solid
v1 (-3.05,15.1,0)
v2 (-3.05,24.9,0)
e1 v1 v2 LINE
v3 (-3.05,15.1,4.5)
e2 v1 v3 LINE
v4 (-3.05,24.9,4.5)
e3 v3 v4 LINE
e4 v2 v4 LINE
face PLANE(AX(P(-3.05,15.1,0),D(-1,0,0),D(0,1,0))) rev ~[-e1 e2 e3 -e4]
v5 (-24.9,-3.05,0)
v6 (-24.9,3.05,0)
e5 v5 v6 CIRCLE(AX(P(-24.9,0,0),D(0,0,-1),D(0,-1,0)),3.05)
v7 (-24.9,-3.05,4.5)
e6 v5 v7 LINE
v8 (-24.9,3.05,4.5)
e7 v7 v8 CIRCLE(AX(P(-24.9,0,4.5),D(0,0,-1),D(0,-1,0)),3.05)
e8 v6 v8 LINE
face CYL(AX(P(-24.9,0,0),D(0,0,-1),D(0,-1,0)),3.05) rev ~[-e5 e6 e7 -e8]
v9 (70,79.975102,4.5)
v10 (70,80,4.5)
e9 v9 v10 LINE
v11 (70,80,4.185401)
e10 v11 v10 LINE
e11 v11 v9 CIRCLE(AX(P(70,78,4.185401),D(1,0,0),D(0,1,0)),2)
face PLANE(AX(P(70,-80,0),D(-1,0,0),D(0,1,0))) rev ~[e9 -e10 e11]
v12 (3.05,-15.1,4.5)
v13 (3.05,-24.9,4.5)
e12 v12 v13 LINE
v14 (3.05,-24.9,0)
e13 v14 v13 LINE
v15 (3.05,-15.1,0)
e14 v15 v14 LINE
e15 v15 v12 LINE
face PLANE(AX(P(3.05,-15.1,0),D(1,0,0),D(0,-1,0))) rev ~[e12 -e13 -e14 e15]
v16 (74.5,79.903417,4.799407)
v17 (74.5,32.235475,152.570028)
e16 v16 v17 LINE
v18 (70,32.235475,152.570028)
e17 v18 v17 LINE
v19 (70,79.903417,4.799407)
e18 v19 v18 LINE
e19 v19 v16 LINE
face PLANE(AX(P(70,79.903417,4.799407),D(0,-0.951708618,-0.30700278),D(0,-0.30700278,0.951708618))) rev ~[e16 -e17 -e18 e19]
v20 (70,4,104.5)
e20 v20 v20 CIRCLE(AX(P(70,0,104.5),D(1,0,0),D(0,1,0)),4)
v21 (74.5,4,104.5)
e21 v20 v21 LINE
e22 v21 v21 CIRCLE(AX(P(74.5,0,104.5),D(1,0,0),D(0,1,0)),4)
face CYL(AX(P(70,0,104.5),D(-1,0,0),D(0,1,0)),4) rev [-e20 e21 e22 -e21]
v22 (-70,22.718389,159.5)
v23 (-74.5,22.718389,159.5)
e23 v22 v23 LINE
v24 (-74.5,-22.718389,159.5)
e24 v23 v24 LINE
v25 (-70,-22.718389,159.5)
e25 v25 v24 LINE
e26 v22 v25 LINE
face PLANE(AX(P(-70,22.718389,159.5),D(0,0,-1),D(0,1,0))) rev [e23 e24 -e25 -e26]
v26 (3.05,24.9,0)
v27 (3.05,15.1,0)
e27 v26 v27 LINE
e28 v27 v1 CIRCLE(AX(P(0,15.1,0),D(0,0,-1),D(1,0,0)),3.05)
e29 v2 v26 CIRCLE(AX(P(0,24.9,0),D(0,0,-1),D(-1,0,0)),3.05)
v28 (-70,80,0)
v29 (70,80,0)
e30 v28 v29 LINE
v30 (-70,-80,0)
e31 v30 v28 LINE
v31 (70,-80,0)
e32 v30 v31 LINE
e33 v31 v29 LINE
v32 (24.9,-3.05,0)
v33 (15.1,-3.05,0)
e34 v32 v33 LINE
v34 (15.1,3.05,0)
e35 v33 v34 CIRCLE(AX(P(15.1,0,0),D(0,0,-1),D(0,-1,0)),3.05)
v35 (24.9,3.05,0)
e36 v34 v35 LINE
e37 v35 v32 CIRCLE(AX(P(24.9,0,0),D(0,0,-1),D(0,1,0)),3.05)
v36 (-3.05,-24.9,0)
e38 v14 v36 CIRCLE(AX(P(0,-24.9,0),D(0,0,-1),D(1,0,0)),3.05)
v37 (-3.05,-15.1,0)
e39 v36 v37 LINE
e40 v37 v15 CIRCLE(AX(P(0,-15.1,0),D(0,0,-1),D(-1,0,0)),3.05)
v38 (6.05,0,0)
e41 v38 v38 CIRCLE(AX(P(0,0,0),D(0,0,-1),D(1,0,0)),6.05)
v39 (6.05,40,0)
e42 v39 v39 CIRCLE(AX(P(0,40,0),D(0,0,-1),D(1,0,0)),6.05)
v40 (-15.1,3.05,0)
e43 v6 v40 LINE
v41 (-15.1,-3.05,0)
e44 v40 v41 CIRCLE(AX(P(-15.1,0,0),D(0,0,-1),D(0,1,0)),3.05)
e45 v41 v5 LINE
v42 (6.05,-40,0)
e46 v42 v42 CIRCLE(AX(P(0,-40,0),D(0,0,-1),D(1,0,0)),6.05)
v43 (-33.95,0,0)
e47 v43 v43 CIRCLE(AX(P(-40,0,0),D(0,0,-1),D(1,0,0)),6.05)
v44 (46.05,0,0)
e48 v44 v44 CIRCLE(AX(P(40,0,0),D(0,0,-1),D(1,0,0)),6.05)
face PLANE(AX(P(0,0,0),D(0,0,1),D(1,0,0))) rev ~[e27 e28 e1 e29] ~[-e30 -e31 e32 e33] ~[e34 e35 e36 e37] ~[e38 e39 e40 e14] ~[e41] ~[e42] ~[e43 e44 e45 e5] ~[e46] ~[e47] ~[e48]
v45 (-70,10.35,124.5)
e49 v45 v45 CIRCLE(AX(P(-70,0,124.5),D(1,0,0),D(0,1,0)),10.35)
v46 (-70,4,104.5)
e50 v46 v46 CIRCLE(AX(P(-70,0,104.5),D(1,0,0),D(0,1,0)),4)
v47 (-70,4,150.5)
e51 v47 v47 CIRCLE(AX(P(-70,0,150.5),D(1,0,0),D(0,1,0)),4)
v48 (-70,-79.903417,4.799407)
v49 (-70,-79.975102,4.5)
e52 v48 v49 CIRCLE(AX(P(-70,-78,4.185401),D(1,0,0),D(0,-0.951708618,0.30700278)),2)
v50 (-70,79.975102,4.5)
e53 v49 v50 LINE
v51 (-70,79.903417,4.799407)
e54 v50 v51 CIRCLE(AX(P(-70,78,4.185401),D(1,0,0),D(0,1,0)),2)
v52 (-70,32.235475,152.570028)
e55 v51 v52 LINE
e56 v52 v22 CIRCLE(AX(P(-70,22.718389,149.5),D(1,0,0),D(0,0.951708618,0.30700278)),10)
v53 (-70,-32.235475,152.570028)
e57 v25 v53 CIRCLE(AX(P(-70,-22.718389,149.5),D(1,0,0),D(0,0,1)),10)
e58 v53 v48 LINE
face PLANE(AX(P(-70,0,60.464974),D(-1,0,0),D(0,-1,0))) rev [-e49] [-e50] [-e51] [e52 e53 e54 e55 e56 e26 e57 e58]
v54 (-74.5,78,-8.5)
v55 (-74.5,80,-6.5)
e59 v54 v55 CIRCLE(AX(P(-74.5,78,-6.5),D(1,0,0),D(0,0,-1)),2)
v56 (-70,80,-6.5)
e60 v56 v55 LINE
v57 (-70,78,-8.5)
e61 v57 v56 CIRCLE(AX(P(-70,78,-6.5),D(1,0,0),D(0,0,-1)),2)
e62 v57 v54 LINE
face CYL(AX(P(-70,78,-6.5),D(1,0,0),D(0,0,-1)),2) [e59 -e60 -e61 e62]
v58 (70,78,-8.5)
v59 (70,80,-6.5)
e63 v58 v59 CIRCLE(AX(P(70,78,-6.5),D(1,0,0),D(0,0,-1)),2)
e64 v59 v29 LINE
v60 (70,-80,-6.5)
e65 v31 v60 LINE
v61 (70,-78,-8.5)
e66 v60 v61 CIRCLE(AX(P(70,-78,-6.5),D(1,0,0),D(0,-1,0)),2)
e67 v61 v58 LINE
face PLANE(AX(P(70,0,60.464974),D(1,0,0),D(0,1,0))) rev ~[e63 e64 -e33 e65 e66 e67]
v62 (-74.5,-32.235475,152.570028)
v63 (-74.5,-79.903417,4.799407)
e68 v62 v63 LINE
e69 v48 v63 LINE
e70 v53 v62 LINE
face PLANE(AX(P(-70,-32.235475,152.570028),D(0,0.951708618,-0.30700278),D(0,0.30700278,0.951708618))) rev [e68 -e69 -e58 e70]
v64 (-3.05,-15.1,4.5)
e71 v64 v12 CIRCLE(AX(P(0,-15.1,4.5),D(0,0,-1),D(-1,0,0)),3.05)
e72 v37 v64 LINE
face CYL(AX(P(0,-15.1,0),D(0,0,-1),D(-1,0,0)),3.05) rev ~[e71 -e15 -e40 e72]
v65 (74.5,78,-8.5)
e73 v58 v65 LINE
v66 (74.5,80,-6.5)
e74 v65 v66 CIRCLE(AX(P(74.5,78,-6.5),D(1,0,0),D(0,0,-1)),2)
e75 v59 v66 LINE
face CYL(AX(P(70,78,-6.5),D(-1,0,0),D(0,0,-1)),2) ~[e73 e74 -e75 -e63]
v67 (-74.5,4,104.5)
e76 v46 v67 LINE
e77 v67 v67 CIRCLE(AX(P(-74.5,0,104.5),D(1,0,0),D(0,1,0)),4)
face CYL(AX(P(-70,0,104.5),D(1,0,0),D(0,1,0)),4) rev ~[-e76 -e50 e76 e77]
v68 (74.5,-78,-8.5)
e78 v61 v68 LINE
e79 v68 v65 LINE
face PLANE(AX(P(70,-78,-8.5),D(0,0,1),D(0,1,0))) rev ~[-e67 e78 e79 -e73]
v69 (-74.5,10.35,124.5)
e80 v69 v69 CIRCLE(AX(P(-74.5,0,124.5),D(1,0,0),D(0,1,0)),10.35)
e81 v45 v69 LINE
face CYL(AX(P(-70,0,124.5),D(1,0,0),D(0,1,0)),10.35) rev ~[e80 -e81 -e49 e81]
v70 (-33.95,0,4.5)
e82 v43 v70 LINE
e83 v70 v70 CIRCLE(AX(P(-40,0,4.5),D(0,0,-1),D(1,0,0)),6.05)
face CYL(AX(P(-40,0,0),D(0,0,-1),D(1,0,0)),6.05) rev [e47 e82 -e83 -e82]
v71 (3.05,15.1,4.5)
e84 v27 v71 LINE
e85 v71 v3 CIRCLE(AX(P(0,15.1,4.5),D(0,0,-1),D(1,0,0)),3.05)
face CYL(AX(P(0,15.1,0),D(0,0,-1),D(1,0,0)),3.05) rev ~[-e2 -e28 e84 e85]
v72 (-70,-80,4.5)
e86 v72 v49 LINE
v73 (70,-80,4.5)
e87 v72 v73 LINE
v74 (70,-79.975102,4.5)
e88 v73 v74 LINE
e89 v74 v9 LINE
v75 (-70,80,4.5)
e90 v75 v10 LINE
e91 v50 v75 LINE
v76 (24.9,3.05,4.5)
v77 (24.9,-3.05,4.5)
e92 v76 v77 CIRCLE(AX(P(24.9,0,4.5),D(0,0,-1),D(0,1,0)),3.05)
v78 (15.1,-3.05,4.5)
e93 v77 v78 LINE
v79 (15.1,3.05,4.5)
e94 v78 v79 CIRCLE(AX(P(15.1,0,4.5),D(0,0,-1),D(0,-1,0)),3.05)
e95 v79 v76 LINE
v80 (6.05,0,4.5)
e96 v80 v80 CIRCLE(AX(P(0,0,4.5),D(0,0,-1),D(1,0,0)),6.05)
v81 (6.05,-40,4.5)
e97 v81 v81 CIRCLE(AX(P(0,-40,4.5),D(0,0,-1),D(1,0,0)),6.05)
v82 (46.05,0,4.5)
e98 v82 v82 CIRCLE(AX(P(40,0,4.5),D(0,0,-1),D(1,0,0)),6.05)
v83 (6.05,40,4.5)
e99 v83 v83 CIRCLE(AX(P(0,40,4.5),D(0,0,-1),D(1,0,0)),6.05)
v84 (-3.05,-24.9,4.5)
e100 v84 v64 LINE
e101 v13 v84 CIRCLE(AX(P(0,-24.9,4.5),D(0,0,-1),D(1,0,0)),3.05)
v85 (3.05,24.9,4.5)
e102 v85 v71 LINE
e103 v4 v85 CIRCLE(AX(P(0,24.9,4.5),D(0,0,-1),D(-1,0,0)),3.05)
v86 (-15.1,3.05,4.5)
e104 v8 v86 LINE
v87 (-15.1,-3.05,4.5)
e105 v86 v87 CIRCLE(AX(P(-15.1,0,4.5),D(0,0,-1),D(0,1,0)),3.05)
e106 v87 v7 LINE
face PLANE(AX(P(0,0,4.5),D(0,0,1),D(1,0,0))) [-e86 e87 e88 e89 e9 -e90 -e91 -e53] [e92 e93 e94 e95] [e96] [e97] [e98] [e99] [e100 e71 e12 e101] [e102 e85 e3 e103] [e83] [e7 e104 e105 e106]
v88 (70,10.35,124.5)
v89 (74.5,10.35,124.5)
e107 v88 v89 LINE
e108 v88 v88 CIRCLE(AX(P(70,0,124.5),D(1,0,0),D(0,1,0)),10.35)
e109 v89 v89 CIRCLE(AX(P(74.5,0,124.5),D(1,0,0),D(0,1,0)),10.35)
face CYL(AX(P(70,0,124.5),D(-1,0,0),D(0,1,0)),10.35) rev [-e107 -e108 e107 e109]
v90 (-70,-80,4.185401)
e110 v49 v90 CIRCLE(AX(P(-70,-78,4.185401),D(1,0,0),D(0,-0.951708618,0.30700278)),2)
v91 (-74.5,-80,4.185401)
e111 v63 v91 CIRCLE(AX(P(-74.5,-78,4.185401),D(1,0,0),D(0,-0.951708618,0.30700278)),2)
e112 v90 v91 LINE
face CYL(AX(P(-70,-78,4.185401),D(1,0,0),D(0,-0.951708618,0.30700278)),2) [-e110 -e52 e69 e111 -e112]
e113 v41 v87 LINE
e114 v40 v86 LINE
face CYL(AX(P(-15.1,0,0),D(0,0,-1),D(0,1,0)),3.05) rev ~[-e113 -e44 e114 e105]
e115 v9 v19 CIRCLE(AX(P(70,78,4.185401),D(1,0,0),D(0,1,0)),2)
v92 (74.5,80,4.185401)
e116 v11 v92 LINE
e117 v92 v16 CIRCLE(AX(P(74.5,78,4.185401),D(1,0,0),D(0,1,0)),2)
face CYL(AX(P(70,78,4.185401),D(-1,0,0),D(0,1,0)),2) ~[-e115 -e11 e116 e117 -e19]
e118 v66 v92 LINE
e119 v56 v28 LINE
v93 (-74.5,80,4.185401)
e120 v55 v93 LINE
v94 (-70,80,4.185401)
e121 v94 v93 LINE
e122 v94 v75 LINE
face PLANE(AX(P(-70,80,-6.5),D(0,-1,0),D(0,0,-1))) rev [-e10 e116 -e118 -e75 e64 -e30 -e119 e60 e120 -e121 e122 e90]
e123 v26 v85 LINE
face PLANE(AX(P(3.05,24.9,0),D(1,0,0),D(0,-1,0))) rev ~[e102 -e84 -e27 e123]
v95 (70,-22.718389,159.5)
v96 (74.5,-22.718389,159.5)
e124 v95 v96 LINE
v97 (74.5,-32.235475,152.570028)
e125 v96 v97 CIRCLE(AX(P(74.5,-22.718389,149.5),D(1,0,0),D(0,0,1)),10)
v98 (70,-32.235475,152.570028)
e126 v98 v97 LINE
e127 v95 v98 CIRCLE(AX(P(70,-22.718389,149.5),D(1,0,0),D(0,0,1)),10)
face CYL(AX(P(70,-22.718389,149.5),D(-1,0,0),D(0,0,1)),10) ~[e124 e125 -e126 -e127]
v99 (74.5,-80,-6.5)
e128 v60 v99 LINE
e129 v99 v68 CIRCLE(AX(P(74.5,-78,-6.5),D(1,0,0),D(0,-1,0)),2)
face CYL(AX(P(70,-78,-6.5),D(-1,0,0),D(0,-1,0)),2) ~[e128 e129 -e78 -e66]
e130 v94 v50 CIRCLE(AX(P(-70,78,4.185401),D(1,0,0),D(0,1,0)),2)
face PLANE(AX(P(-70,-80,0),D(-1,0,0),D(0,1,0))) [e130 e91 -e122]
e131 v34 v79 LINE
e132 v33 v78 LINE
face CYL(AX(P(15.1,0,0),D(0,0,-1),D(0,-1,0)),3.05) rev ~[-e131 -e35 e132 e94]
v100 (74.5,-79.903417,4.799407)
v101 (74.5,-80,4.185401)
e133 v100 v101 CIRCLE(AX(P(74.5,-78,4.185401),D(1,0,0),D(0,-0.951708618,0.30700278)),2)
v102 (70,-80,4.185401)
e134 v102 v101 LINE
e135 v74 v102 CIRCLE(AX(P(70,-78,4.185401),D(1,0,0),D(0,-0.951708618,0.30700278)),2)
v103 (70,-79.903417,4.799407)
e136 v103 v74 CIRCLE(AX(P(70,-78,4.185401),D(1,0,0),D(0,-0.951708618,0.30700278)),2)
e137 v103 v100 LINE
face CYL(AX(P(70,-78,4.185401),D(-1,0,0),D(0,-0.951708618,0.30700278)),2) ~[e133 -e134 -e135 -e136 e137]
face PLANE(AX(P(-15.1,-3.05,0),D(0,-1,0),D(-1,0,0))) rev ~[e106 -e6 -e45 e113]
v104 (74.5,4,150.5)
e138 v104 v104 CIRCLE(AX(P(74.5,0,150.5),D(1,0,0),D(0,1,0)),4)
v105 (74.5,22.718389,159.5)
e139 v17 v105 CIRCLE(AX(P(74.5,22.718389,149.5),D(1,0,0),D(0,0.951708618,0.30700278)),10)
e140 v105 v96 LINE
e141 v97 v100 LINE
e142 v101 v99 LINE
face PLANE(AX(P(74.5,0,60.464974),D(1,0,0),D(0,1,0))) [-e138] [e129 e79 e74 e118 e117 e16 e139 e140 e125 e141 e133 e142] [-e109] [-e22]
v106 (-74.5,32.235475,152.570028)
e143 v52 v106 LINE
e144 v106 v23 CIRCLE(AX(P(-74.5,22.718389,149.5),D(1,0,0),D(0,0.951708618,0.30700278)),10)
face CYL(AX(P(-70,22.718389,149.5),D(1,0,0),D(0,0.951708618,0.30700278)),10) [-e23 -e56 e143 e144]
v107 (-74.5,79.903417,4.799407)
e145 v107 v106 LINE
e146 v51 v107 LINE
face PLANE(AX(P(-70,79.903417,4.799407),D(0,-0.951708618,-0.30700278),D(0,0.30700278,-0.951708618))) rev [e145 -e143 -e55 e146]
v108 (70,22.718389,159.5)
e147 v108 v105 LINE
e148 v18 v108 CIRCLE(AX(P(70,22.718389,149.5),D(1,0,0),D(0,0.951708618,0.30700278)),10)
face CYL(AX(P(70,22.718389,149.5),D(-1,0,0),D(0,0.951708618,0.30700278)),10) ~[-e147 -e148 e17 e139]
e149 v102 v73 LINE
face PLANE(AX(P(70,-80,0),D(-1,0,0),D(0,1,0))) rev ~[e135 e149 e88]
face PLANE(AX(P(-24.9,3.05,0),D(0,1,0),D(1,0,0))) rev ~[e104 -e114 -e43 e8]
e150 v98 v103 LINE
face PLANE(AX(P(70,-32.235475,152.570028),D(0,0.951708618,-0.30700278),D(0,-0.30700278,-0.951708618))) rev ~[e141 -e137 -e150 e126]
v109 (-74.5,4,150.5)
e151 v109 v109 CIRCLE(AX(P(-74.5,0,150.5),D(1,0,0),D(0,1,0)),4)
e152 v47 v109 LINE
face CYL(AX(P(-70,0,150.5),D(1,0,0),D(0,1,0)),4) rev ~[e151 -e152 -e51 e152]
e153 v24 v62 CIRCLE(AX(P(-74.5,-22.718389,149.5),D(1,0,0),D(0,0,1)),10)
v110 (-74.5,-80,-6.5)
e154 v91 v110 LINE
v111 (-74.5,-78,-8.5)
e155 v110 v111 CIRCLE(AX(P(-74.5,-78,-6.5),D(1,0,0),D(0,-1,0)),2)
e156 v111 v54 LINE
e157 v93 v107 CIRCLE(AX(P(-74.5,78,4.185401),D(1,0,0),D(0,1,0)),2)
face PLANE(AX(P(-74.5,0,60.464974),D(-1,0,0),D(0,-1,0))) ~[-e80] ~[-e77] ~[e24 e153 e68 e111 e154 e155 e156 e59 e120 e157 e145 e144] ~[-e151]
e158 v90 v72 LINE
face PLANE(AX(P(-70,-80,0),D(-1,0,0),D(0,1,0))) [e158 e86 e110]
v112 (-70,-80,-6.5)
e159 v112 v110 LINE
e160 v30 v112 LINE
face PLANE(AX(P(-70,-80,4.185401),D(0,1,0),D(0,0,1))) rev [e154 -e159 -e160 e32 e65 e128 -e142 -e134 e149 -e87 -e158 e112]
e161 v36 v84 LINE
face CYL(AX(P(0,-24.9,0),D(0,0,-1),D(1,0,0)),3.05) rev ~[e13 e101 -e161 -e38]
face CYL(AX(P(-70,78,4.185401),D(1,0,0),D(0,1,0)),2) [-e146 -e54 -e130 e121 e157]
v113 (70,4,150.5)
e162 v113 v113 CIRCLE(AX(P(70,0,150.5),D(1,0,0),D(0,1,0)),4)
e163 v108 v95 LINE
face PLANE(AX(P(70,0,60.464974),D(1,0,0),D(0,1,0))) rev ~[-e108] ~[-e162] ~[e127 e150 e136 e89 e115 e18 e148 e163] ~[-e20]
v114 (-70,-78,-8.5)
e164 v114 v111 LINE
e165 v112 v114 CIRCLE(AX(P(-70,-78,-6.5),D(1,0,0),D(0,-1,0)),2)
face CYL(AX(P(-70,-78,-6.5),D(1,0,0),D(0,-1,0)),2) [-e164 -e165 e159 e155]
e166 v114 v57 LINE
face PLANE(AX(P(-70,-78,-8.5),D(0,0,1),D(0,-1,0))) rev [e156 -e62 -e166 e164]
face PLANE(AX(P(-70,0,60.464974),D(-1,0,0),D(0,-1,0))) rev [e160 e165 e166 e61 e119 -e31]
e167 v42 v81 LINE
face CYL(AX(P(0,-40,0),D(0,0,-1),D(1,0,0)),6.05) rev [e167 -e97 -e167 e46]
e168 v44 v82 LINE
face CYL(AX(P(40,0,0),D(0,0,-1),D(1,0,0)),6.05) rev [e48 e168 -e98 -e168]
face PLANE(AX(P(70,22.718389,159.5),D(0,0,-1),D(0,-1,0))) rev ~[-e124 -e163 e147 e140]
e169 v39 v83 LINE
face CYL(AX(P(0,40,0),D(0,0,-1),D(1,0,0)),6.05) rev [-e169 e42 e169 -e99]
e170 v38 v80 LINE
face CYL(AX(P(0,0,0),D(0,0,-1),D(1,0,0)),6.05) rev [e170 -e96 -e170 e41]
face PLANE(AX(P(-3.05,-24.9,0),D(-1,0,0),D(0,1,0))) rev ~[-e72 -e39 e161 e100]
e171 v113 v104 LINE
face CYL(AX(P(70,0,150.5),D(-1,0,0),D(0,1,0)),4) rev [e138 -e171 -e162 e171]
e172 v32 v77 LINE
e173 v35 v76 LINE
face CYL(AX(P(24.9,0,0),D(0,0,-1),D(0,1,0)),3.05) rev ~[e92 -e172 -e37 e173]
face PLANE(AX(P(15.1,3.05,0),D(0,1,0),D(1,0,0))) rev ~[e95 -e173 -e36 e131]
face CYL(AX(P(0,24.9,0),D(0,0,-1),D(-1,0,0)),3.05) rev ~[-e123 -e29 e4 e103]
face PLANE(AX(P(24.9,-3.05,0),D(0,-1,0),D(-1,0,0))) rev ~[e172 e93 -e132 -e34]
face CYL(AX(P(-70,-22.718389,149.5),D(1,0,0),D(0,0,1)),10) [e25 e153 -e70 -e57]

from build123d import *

# Parameters (mm, degrees)
F0_W     = 140
F0_H     = 160
F0_R     = 6.05
F1_DEPTH = 4.5
F2_R     = 4
F2_R_2   = 10.35
F3_DEPTH = 4.5


with BuildPart() as f1:
    # F0 (on Top) → F1 (new body)
    with BuildSketch(Plane.XY):
        Rectangle(F0_W, F0_H)
        with Locations((0, -40)):
            Circle(F0_R, mode=Mode.SUBTRACT)
        with BuildLine():
            ThreePointArc((3.05, -24.9), (0, -27.95), (-3.05, -24.9))
            Line((-3.05, -24.9), (-3.05, -15.1))
            ThreePointArc((-3.05, -15.1), (0, -12.05), (3.05, -15.1))
            Line((3.05, -15.1), (3.05, -24.9))
        make_face(mode=Mode.SUBTRACT)
        with Locations((-40, 0)):
            Circle(F0_R, mode=Mode.SUBTRACT)
        with BuildLine():
            ThreePointArc((-24.9, -3.05), (-27.95, 0), (-24.9, 3.05))
            Line((-24.9, 3.05), (-15.1, 3.05))
            ThreePointArc((-15.1, 3.05), (-12.05, 0), (-15.1, -3.05))
            Line((-15.1, -3.05), (-24.9, -3.05))
        make_face(mode=Mode.SUBTRACT)
        Circle(F0_R, mode=Mode.SUBTRACT)
        with BuildLine():
            ThreePointArc((24.9, 3.05), (27.95, 0), (24.9, -3.05))
            Line((24.9, -3.05), (15.1, -3.05))
            ThreePointArc((15.1, -3.05), (12.05, 0), (15.1, 3.05))
            Line((15.1, 3.05), (24.9, 3.05))
        make_face(mode=Mode.SUBTRACT)
        with BuildLine():
            ThreePointArc((-3.05, 24.9), (0, 27.95), (3.05, 24.9))
            Line((3.05, 24.9), (3.05, 15.1))
            ThreePointArc((3.05, 15.1), (0, 12.05), (-3.05, 15.1))
            Line((-3.05, 15.1), (-3.05, 24.9))
        make_face(mode=Mode.SUBTRACT)
        with Locations((40, 0)):
            Circle(F0_R, mode=Mode.SUBTRACT)
        with Locations((0, 40)):
            Circle(F0_R, mode=Mode.SUBTRACT)
    extrude(amount=F1_DEPTH)

    # F2 (on face) → F3 (join)
    with BuildSketch(Plane.YZ.offset(70)):
        with BuildLine():
            Line((22.7183887259, 159.5), (-22.7183887259, 159.5))
            ThreePointArc((-22.7183887259, 159.5), (-28.6048019805, 157.5839432826), (-32.2354749035, 152.5700277992))
            Line((-32.2354749035, 152.5700277992), (-79.9034172355, 4.7994065699))
            ThreePointArc((-79.9034172355, 4.7994065699), (-79.9757067686, 4.496178687), (-80, 4.18540101))
            Line((-80, 4.18540101), (-80, -6.5))
            ThreePointArc((-80, -6.5), (-79.4142135624, -7.9142135624), (-78, -8.5))
            Line((-78, -8.5), (78, -8.5))
            ThreePointArc((78, -8.5), (79.4142135624, -7.9142135624), (80, -6.5))
            Line((80, -6.5), (80, 4.18540101))
            ThreePointArc((80, 4.18540101), (79.9757067686, 4.496178687), (79.9034172355, 4.7994065699))
            Line((79.9034172355, 4.7994065699), (32.2354749035, 152.5700277992))
            ThreePointArc((32.2354749035, 152.5700277992), (28.6048019805, 157.5839432826), (22.7183887259, 159.5))
        make_face()
        with Locations((0, 104.5)):
            Circle(F2_R, mode=Mode.SUBTRACT)
        with Locations((0, 124.5)):
            Circle(F2_R_2, mode=Mode.SUBTRACT)
        with Locations((0, 150.5)):
            Circle(F2_R, mode=Mode.SUBTRACT)
    extrude(amount=F3_DEPTH)

    # F4: F1 across plane


with BuildPart() as f1_1:
    add(f1.part)
    add(f1.part.mirror(Plane.YZ))


solid = f1_1.part
